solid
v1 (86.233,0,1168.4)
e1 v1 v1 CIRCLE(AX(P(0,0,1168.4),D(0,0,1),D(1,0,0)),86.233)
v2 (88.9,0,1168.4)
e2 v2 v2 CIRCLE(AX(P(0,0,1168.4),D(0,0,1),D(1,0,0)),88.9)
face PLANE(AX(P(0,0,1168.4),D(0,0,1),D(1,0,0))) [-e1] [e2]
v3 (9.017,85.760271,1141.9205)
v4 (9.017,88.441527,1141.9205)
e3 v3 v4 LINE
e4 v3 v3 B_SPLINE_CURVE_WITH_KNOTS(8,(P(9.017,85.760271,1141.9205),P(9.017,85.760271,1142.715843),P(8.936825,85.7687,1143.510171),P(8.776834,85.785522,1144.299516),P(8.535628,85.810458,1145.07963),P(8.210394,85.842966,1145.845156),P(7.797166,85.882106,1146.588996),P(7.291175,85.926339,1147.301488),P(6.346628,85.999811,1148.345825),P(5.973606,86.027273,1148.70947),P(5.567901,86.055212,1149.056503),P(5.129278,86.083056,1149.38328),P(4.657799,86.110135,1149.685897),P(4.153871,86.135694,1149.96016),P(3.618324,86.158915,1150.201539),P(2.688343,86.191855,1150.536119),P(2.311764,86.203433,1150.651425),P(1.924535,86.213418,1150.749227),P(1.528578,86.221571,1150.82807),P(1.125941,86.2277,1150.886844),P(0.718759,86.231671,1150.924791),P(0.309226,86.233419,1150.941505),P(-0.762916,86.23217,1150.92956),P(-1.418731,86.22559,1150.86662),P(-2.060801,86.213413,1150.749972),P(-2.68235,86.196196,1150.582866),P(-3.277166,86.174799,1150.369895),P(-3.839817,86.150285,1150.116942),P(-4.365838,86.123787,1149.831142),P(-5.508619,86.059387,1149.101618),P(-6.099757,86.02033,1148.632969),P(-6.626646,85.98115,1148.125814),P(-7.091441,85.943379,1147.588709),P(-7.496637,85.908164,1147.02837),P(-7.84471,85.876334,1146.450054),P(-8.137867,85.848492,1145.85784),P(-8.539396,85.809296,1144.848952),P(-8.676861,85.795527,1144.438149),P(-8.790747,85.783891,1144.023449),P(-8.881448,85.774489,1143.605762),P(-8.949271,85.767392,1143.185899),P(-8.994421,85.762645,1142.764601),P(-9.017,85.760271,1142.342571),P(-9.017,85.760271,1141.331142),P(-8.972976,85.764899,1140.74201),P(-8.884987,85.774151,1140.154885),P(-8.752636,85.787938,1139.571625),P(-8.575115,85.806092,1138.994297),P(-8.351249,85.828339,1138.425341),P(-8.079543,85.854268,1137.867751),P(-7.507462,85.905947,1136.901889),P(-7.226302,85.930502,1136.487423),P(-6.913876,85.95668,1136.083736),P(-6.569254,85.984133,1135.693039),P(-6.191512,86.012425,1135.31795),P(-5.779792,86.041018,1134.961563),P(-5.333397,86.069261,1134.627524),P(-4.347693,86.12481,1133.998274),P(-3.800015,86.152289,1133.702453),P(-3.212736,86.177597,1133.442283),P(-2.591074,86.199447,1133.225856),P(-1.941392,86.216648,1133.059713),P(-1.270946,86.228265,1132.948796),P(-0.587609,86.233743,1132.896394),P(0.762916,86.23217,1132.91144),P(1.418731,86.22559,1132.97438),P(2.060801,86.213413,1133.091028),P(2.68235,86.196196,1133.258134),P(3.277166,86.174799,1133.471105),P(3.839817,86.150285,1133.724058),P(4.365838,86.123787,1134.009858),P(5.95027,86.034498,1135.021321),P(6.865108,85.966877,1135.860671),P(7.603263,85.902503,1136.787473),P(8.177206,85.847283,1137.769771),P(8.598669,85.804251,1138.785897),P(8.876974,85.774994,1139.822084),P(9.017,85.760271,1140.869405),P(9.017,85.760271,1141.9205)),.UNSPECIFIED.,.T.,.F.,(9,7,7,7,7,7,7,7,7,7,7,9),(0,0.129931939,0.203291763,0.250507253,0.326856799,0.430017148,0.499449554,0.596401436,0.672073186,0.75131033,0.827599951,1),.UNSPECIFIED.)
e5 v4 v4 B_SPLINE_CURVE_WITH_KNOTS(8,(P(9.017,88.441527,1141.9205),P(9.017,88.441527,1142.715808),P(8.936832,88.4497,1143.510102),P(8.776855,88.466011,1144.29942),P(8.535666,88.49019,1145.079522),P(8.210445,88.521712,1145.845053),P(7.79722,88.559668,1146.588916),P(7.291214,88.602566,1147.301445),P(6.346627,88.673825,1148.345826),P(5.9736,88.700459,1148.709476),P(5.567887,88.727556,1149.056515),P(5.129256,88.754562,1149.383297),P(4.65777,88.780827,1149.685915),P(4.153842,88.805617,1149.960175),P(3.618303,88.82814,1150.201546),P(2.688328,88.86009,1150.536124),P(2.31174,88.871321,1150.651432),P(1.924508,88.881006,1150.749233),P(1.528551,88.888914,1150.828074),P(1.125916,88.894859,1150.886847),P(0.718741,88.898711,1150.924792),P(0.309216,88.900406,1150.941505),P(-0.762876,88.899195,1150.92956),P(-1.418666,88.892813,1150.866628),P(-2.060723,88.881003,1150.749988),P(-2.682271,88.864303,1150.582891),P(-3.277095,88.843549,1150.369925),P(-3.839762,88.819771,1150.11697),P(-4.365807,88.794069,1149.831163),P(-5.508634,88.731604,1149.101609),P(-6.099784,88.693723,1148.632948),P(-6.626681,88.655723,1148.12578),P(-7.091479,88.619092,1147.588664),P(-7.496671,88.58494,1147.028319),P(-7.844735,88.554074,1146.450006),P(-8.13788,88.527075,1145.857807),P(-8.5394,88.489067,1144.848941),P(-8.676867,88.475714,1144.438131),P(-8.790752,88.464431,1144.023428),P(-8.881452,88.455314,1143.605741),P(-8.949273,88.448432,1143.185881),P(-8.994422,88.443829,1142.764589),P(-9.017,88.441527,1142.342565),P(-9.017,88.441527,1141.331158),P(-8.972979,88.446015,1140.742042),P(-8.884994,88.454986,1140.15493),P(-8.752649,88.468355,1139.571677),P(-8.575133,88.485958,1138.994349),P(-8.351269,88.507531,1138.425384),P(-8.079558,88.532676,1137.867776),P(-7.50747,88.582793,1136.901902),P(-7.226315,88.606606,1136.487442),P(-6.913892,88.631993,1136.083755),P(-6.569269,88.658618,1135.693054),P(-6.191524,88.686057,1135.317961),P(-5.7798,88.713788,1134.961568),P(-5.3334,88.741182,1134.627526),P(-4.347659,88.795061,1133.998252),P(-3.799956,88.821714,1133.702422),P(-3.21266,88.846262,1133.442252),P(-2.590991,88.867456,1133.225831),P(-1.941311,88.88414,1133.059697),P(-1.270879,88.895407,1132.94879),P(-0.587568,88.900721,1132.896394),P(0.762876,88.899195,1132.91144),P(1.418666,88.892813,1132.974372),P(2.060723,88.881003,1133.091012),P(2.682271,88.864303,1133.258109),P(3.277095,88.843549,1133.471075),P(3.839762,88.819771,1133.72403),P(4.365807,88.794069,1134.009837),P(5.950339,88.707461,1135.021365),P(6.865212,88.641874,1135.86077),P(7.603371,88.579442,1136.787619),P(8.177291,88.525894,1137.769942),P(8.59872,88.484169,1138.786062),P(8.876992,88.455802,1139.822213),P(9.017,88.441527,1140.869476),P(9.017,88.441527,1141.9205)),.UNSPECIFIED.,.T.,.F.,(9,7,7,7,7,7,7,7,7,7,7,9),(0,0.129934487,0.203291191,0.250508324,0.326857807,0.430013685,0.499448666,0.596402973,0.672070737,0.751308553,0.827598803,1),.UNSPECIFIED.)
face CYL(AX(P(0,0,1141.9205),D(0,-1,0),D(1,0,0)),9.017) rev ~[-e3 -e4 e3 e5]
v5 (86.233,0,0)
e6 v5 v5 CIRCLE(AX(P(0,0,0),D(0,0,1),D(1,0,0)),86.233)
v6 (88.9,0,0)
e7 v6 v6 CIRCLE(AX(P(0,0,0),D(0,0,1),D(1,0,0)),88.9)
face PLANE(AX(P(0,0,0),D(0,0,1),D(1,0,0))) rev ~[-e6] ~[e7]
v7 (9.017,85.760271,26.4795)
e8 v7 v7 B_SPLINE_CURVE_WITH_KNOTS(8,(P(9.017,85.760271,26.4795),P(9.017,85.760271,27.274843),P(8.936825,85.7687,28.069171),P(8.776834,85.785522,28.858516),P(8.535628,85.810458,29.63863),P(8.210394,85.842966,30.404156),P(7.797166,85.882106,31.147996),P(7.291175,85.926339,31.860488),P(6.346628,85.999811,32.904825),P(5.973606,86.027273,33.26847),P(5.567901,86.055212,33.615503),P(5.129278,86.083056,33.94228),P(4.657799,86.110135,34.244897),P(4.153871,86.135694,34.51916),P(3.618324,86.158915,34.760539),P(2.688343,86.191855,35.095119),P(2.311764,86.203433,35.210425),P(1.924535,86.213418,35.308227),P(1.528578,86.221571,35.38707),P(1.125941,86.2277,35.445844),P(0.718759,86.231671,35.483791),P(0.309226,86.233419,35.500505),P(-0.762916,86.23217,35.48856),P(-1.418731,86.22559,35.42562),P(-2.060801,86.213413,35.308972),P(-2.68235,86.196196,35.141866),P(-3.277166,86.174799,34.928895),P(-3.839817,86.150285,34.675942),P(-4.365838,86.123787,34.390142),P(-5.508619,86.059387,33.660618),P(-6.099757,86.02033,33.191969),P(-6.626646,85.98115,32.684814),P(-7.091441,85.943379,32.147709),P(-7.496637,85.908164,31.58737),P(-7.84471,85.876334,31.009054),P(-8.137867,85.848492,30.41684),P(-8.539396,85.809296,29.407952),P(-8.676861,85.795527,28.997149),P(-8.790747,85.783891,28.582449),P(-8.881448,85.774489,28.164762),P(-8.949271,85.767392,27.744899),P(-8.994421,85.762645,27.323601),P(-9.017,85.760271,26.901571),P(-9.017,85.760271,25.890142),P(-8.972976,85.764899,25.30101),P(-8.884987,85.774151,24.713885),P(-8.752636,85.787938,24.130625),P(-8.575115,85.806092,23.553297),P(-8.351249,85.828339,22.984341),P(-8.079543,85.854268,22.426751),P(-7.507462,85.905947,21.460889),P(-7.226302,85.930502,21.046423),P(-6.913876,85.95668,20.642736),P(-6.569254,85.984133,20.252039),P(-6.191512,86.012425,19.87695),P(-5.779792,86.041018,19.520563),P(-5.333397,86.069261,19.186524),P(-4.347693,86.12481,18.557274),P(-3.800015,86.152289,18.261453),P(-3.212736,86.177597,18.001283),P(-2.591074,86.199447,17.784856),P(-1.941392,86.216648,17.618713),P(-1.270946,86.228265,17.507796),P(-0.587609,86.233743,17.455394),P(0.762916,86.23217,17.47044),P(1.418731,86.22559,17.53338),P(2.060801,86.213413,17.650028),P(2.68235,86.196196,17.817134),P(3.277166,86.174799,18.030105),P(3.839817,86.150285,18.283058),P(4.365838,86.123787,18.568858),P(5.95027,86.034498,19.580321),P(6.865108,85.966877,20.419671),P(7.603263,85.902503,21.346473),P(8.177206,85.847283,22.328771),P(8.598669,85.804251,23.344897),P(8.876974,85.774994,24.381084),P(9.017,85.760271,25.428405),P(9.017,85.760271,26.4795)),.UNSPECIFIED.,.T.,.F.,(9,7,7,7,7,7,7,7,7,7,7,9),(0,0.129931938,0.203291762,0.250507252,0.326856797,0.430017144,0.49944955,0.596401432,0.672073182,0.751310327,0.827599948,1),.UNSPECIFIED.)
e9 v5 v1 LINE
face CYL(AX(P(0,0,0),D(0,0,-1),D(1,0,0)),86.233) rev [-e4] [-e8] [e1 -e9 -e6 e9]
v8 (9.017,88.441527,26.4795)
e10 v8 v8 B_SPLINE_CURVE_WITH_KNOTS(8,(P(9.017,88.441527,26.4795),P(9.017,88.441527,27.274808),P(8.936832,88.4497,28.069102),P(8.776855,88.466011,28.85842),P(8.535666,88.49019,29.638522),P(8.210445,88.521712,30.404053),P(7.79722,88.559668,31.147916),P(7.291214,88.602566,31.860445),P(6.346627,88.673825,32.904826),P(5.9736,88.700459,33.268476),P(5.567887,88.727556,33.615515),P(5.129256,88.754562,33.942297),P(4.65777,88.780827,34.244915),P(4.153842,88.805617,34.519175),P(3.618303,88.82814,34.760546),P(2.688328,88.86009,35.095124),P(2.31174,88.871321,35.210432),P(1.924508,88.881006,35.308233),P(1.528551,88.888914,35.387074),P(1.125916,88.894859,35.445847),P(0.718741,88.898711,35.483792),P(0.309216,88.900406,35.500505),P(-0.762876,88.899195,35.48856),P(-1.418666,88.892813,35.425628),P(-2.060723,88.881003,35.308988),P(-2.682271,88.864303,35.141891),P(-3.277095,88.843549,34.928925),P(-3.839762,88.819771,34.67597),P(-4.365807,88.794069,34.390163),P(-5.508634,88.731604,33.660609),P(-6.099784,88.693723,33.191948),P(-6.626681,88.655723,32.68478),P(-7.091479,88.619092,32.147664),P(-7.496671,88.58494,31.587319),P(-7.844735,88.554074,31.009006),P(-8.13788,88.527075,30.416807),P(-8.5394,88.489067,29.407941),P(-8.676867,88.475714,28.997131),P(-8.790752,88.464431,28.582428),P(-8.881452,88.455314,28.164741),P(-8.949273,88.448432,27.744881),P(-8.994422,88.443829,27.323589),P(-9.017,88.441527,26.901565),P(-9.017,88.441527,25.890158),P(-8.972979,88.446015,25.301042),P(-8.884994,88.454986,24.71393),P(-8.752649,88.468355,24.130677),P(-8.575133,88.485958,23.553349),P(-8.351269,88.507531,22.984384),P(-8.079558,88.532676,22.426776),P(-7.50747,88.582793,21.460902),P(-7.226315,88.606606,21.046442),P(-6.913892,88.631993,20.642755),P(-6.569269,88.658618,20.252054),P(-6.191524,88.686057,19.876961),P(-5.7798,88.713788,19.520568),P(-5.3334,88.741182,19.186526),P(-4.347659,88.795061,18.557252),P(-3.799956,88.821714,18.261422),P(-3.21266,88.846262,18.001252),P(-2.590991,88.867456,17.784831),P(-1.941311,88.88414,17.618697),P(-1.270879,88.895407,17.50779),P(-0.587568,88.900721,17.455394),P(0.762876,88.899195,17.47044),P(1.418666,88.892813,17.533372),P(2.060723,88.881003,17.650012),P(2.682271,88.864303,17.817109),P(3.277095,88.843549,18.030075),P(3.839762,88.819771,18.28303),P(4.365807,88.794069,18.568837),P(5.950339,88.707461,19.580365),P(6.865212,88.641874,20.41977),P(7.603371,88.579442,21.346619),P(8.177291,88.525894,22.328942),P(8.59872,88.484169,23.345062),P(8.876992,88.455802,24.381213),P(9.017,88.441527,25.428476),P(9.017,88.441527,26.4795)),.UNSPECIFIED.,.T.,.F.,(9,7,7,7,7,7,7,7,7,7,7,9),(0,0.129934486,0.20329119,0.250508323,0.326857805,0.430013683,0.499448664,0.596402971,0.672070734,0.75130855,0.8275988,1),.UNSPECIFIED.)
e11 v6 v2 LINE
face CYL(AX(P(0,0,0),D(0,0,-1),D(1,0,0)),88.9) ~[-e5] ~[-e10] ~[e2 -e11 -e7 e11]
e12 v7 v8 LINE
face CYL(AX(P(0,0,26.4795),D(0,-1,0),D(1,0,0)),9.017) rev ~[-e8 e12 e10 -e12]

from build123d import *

# Parameters (mm, degrees)
F0_R     = 88.9
F0_R_2   = 86.233
F1_DEPTH = 1168.4
F2_R     = 9.017
F3_DEPTH = 203.2


with BuildPart() as f1:
    # F0 (on Top) → F1 (new body)
    with BuildSketch(Plane.XY):
        Circle(F0_R)
        Circle(F0_R_2, mode=Mode.SUBTRACT)
    extrude(amount=F1_DEPTH)

    # F2 (on Front) → F3 (cut)
    with BuildSketch(Plane.XZ):
        with Locations((0, 1141.9205)):
            Circle(F2_R)
        with Locations((0, 26.4795)):
            Circle(F2_R)
    extrude(amount=-F3_DEPTH, mode=Mode.SUBTRACT)


solid = f1.part
